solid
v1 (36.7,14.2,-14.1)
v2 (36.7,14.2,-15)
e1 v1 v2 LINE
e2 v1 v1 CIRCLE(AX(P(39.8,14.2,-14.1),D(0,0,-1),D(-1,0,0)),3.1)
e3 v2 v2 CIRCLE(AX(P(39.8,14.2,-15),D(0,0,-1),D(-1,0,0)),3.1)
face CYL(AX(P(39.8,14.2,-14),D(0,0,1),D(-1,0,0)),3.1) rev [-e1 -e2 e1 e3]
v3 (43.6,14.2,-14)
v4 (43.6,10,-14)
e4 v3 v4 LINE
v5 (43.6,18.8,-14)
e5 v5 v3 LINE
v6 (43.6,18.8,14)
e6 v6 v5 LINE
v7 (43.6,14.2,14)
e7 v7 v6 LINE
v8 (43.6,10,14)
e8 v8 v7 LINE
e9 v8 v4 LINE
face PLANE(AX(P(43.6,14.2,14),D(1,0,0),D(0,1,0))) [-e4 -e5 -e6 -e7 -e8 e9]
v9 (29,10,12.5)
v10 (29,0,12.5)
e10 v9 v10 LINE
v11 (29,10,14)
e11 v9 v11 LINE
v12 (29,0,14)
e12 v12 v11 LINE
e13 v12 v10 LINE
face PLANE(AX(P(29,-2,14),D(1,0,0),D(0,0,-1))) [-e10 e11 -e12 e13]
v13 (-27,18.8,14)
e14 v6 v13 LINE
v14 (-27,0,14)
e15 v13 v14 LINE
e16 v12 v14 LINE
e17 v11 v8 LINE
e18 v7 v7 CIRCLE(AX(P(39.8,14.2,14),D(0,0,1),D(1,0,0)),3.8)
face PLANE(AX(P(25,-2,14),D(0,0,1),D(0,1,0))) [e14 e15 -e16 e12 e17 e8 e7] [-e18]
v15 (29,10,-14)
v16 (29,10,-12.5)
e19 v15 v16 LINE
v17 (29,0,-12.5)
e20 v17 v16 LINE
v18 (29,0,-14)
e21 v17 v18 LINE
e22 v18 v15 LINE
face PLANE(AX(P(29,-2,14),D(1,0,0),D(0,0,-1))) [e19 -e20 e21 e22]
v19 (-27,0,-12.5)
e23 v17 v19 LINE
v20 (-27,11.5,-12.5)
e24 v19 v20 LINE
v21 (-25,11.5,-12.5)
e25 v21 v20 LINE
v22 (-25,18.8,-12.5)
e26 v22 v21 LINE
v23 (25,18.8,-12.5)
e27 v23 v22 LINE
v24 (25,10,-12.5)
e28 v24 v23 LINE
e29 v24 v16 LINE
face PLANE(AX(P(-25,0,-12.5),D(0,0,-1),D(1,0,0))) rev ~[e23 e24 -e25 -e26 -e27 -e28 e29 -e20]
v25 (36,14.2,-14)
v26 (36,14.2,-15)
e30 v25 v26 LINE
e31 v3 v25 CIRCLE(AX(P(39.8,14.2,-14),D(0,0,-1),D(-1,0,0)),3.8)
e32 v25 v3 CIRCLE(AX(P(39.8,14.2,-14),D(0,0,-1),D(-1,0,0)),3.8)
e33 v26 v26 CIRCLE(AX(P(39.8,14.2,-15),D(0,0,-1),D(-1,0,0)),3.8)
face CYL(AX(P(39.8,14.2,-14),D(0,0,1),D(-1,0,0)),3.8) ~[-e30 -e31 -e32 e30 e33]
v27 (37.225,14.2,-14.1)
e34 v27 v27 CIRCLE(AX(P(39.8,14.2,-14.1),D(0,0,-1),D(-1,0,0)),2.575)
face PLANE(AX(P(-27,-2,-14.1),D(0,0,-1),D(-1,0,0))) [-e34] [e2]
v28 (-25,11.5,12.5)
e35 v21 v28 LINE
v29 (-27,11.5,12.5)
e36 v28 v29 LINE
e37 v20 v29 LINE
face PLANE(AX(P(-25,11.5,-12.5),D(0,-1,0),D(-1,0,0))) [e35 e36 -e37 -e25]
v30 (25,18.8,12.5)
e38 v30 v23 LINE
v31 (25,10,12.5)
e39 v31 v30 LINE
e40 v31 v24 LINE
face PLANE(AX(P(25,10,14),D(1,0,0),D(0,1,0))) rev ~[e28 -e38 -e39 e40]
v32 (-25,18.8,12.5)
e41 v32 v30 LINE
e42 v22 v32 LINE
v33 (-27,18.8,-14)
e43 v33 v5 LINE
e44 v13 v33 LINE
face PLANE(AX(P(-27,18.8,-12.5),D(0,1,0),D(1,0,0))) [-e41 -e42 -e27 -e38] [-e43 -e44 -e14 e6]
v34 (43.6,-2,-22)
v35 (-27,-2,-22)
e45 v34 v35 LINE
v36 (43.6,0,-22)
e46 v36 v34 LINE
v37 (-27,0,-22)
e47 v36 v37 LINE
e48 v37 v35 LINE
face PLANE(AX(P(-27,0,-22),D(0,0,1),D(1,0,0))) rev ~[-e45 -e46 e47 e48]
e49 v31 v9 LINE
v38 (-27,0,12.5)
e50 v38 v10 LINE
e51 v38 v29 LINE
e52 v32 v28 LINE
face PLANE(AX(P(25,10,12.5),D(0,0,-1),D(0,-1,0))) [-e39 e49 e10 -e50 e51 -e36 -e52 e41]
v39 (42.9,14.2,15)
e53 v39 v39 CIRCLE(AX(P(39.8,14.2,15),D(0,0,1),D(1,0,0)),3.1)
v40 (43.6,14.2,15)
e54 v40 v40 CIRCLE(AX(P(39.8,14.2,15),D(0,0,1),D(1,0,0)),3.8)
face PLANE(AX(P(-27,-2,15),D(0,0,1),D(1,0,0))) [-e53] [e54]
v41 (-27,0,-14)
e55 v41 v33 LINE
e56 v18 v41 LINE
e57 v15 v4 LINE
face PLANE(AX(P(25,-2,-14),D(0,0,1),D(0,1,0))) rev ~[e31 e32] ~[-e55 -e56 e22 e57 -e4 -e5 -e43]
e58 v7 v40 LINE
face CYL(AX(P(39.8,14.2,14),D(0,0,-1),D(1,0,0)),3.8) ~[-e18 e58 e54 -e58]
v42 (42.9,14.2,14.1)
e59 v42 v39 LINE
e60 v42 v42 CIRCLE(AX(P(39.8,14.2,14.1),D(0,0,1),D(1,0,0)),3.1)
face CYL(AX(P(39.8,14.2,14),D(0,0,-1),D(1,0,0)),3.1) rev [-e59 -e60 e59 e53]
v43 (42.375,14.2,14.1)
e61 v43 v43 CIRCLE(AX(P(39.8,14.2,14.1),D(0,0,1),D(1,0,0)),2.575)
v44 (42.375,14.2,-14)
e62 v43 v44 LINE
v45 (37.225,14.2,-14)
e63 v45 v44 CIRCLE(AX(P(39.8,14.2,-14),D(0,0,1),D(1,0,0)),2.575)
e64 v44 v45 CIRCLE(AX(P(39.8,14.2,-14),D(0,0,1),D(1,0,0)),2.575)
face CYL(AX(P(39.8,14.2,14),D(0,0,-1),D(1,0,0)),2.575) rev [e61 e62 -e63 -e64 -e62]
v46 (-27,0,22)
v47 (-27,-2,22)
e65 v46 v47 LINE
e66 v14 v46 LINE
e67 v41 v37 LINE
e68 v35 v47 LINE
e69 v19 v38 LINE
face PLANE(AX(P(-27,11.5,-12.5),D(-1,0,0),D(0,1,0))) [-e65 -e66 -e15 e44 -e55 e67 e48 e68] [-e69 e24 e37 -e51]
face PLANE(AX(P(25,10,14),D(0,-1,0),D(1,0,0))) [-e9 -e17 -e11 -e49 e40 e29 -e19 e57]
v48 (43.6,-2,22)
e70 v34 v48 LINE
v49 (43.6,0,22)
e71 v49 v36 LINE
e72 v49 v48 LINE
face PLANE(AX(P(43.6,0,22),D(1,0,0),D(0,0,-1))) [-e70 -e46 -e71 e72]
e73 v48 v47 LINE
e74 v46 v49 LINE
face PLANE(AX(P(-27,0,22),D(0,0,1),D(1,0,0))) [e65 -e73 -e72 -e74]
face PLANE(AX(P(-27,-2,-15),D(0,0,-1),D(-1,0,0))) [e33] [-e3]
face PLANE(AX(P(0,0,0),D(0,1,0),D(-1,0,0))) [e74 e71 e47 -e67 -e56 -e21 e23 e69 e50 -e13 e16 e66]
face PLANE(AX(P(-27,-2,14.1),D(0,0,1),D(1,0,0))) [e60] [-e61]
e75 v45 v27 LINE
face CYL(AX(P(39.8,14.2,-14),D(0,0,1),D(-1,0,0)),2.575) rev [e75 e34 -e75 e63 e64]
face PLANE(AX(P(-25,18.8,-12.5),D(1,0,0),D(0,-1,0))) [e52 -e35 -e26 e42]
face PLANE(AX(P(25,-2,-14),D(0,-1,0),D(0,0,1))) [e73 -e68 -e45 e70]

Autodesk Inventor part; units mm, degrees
ref_plane "YZ Plane" through (0, 0, 0) normal (1, 0, 0) x (0, 1, 0)
ref_plane "XZ Plane" through (0, 0, 0) normal (0, 1, 0) x (-1, 0, 0)
ref_plane "XY Plane" through (0, 0, 0) normal (0, 0, 1) x (1, 0, 0)
sketch "Sketch1" plane through (0, 0, 0) normal (0, 1, 0) x (-1, 0, 0)
  line L0 (-25, 12.5) -> (25, 12.5)
  line L1 (25, 12.5) -> (25, -12.5)
  line L2 (25, -12.5) -> (-25, -12.5)
  line L3 (-25, -12.5) -> (-25, 12.5)
  line L4 (-25, 12.5) -> (25, -12.5) construction
  line L5 (25, 12.5) -> (-25, -12.5) construction
  line L6 (27, 14) -> (27, -14)
  line L7 (-25, 12.5) -> (-25, 14)
  line L8 (-25, 14) -> (27, 14)
  line L9 (27, -14) -> (-25, -14)
  line L10 (-25, -14) -> (-25, -12.5)
  line L11 (25, 12.5) -> (27, 12.5)
  line L12 (25, -12.5) -> (27, -12.5)
  line L13 (-25, -14) -> (27, -14)
  line L14 (27, -14) -> (27, -22)
  line L15 (27, -22) -> (-25, -22)
  line L16 (-25, -22) -> (-25, -14)
  line L17 (27, 0) -> (-25, 0)
  line L18 (-25, 14) -> (27, 14)
  line L19 (27, 14) -> (27, 22)
  line L20 (27, 22) -> (-25, 22)
  line L21 (-25, 22) -> (-25, 14)
  point P0 (0, 0)
  point P1 (27, 14)
  dimension "d0" = 25
  dimension "d1" = 50
  dimension "d2" = 2
  dimension "d3" = 1.5
  dimension "d4" = 1.5
  dimension "d60" = 8
extrude "Extrusion1" add sketch "Sketch1" against normal blind 2 contours L7 L8 L6 L11 L0 | L0 L1 L17 L3 | L11 L6 L17 L1 | L17 L1 L2 L3 | L17 L6 L12 L1 | L2 L12 L6 L9 L10
extrude "Extrusion2" add sketch "Sketch1" along normal blind 18.8 contours L7 L8 L6 L11 L0 | L2 L12 L6 L9 L10
sketch "Sketch2" plane through (-27, 0, -12.5) normal (0, 0, 1) x (1, 0, 0)
  line L0 (0, 18.8) -> (0, 20)
  line L1 (0, 0) -> (0, 18.8) projected
  line L2 (0, 18.8) -> (2, 18.8)
  line L3 (0, 18.8) -> (52, 18.8) projected
  line L4 (2, 18.8) -> (2, 11.5)
  line L5 (52, 0) -> (0, 0) projected
  line L6 (2, 11.5) -> (0, 11.5)
  line L7 (0, -2) -> (0, 18.8) projected
  point P0 (27, 0)
  dimension "d13" = 11.5
  dimension "d14" = 20
  dimension "d15" = 2
extrude "Extrusion3" add sketch "Sketch2" along normal up to surface (25 mm away)
sketch "Sketch4" plane through (-27, -2, 14) normal (0, 0, 1) x (1, 0, 0)
  circle A0 centre (66.8, 16.2) radius 2.575
  circle A1 centre (66.8, 16.2) radius 3.1
  circle A2 centre (66.8, 16.2) radius 3.8
  line L0 (52, 2) -> (52, 20.8) projected
  line L1 (52, 12) -> (70.6, 12)
  line L2 (70.6, 12) -> (70.6, 20.8)
  line L3 (70.6, 20.8) -> (52, 20.8)
  point P0 (27, 2)
  dimension "d31" = 5.15
  dimension "d32" = 6.2
  dimension "d33" = 0.7
  dimension "d34" = 10
  dimension "d35" = 14.2
  dimension "d61" = 18.6
extrude "Extrusion4" add sketch "Sketch4" against normal up to surface (28 mm away) contours A1 | A2 | L2 L1 L0 L3
sketch "Sketch5" plane through (25, -2, 14) normal (1, 0, 0) x (0, 0, -1)
  line L0 (0, 0) -> (0, 12) projected
  line L1 (0, 2) -> (28, 2)
  line L2 (28, 0) -> (28, 12) projected
  line L3 (1.5, 2) -> (26.5, 2) projected
  line L4 (28, 12) -> (26.5, 12) projected
  line L5 (26.5, 2) -> (26.5, 12) projected
  line L6 (1.5, 12) -> (1.5, 2) projected
  line L7 (26.5, 12) -> (1.5, 12) projected
  line L8 (26.5, 12) -> (26.5, 20.8) projected
  line L9 (26.5, 20.8) -> (28, 20.8) projected
  line L10 (28, 20.8) -> (28, 12) projected
  line L11 (28, 12) -> (28, 0) projected
  line L12 (28, 0) -> (0, 0) projected
  line L13 (0, 0) -> (0, 12) projected
  line L14 (0, 12) -> (0, 20.8) projected
  line L15 (0, 20.8) -> (1.5, 20.8) projected
  line L16 (1.5, 20.8) -> (1.5, 12) projected
  line L17 (1.5, 12) -> (0, 12) projected
  line L18 (1.5, 20.8) -> (26.5, 20.8) projected
  line L19 (1.5, 2) -> (26.5, 2) projected
  point P0 (14, 2)
extrude "Extrusion6" add sketch "Sketch5" along normal up to surface (18.6 mm away) contours L0 L1 L2 L12
extrude "Extrusion8" add sketch "Sketch5" along normal blind 4 contours L0 L17 L6 L1 | L1 L5 L4 L2
extrude "Extrusion9" add sketch "Sketch4" along normal blind 1 contours A2
extrude "Extrusion10" add sketch "Sketch4" along normal blind 0.1 contours A1
sketch "Sketch7" plane through (-27, -2, -14) normal (0, 0, -1) x (-1, 0, 0)
  circle A0 centre (-66.8, 16.2) radius 3.8 projected
  circle A1 centre (-66.8, 16.2) radius 3.1 projected
  circle A2 centre (-66.8, 16.2) radius 3.1 projected
  circle A3 centre (-66.8, 16.2) radius 2.575 projected
  point P0 (-27, 2)
extrude "Extrusion11" add sketch "Sketch7" along normal blind 0.1 contours A1
extrude "Extrusion12" add sketch "Sketch7" along normal blind 1 contours A0
extrude "Extrusion13" add sketch "Sketch1" against normal up to surface (2 mm away) contours L21 L20 L19 L8 | L9 L14 L15 L16
sketch "Sketch8" plane through (25, 0, 22) normal (1, 0, 0) x (0, 0, -1)
  line L0 (0, -2) -> (8, -2) projected
  line L1 (8, 0) -> (8, -2) projected
  line L2 (0, 0) -> (8, 0) projected
  line L3 (0, 0) -> (0, -2) projected
  line L4 (36, -2) -> (44, -2) projected
  line L5 (44, 0) -> (44, -2) projected
  line L6 (36, 0) -> (44, 0) projected
  line L7 (36, -2) -> (36, 0) projected
  point P0 (22, 0)
extrude "Extrusion14" add sketch "Sketch8" along normal up to surface (18.6 mm away)
equation "\"d4\" = d3"
equation "\"d15\" = d2"
properties part number "chaimber"
